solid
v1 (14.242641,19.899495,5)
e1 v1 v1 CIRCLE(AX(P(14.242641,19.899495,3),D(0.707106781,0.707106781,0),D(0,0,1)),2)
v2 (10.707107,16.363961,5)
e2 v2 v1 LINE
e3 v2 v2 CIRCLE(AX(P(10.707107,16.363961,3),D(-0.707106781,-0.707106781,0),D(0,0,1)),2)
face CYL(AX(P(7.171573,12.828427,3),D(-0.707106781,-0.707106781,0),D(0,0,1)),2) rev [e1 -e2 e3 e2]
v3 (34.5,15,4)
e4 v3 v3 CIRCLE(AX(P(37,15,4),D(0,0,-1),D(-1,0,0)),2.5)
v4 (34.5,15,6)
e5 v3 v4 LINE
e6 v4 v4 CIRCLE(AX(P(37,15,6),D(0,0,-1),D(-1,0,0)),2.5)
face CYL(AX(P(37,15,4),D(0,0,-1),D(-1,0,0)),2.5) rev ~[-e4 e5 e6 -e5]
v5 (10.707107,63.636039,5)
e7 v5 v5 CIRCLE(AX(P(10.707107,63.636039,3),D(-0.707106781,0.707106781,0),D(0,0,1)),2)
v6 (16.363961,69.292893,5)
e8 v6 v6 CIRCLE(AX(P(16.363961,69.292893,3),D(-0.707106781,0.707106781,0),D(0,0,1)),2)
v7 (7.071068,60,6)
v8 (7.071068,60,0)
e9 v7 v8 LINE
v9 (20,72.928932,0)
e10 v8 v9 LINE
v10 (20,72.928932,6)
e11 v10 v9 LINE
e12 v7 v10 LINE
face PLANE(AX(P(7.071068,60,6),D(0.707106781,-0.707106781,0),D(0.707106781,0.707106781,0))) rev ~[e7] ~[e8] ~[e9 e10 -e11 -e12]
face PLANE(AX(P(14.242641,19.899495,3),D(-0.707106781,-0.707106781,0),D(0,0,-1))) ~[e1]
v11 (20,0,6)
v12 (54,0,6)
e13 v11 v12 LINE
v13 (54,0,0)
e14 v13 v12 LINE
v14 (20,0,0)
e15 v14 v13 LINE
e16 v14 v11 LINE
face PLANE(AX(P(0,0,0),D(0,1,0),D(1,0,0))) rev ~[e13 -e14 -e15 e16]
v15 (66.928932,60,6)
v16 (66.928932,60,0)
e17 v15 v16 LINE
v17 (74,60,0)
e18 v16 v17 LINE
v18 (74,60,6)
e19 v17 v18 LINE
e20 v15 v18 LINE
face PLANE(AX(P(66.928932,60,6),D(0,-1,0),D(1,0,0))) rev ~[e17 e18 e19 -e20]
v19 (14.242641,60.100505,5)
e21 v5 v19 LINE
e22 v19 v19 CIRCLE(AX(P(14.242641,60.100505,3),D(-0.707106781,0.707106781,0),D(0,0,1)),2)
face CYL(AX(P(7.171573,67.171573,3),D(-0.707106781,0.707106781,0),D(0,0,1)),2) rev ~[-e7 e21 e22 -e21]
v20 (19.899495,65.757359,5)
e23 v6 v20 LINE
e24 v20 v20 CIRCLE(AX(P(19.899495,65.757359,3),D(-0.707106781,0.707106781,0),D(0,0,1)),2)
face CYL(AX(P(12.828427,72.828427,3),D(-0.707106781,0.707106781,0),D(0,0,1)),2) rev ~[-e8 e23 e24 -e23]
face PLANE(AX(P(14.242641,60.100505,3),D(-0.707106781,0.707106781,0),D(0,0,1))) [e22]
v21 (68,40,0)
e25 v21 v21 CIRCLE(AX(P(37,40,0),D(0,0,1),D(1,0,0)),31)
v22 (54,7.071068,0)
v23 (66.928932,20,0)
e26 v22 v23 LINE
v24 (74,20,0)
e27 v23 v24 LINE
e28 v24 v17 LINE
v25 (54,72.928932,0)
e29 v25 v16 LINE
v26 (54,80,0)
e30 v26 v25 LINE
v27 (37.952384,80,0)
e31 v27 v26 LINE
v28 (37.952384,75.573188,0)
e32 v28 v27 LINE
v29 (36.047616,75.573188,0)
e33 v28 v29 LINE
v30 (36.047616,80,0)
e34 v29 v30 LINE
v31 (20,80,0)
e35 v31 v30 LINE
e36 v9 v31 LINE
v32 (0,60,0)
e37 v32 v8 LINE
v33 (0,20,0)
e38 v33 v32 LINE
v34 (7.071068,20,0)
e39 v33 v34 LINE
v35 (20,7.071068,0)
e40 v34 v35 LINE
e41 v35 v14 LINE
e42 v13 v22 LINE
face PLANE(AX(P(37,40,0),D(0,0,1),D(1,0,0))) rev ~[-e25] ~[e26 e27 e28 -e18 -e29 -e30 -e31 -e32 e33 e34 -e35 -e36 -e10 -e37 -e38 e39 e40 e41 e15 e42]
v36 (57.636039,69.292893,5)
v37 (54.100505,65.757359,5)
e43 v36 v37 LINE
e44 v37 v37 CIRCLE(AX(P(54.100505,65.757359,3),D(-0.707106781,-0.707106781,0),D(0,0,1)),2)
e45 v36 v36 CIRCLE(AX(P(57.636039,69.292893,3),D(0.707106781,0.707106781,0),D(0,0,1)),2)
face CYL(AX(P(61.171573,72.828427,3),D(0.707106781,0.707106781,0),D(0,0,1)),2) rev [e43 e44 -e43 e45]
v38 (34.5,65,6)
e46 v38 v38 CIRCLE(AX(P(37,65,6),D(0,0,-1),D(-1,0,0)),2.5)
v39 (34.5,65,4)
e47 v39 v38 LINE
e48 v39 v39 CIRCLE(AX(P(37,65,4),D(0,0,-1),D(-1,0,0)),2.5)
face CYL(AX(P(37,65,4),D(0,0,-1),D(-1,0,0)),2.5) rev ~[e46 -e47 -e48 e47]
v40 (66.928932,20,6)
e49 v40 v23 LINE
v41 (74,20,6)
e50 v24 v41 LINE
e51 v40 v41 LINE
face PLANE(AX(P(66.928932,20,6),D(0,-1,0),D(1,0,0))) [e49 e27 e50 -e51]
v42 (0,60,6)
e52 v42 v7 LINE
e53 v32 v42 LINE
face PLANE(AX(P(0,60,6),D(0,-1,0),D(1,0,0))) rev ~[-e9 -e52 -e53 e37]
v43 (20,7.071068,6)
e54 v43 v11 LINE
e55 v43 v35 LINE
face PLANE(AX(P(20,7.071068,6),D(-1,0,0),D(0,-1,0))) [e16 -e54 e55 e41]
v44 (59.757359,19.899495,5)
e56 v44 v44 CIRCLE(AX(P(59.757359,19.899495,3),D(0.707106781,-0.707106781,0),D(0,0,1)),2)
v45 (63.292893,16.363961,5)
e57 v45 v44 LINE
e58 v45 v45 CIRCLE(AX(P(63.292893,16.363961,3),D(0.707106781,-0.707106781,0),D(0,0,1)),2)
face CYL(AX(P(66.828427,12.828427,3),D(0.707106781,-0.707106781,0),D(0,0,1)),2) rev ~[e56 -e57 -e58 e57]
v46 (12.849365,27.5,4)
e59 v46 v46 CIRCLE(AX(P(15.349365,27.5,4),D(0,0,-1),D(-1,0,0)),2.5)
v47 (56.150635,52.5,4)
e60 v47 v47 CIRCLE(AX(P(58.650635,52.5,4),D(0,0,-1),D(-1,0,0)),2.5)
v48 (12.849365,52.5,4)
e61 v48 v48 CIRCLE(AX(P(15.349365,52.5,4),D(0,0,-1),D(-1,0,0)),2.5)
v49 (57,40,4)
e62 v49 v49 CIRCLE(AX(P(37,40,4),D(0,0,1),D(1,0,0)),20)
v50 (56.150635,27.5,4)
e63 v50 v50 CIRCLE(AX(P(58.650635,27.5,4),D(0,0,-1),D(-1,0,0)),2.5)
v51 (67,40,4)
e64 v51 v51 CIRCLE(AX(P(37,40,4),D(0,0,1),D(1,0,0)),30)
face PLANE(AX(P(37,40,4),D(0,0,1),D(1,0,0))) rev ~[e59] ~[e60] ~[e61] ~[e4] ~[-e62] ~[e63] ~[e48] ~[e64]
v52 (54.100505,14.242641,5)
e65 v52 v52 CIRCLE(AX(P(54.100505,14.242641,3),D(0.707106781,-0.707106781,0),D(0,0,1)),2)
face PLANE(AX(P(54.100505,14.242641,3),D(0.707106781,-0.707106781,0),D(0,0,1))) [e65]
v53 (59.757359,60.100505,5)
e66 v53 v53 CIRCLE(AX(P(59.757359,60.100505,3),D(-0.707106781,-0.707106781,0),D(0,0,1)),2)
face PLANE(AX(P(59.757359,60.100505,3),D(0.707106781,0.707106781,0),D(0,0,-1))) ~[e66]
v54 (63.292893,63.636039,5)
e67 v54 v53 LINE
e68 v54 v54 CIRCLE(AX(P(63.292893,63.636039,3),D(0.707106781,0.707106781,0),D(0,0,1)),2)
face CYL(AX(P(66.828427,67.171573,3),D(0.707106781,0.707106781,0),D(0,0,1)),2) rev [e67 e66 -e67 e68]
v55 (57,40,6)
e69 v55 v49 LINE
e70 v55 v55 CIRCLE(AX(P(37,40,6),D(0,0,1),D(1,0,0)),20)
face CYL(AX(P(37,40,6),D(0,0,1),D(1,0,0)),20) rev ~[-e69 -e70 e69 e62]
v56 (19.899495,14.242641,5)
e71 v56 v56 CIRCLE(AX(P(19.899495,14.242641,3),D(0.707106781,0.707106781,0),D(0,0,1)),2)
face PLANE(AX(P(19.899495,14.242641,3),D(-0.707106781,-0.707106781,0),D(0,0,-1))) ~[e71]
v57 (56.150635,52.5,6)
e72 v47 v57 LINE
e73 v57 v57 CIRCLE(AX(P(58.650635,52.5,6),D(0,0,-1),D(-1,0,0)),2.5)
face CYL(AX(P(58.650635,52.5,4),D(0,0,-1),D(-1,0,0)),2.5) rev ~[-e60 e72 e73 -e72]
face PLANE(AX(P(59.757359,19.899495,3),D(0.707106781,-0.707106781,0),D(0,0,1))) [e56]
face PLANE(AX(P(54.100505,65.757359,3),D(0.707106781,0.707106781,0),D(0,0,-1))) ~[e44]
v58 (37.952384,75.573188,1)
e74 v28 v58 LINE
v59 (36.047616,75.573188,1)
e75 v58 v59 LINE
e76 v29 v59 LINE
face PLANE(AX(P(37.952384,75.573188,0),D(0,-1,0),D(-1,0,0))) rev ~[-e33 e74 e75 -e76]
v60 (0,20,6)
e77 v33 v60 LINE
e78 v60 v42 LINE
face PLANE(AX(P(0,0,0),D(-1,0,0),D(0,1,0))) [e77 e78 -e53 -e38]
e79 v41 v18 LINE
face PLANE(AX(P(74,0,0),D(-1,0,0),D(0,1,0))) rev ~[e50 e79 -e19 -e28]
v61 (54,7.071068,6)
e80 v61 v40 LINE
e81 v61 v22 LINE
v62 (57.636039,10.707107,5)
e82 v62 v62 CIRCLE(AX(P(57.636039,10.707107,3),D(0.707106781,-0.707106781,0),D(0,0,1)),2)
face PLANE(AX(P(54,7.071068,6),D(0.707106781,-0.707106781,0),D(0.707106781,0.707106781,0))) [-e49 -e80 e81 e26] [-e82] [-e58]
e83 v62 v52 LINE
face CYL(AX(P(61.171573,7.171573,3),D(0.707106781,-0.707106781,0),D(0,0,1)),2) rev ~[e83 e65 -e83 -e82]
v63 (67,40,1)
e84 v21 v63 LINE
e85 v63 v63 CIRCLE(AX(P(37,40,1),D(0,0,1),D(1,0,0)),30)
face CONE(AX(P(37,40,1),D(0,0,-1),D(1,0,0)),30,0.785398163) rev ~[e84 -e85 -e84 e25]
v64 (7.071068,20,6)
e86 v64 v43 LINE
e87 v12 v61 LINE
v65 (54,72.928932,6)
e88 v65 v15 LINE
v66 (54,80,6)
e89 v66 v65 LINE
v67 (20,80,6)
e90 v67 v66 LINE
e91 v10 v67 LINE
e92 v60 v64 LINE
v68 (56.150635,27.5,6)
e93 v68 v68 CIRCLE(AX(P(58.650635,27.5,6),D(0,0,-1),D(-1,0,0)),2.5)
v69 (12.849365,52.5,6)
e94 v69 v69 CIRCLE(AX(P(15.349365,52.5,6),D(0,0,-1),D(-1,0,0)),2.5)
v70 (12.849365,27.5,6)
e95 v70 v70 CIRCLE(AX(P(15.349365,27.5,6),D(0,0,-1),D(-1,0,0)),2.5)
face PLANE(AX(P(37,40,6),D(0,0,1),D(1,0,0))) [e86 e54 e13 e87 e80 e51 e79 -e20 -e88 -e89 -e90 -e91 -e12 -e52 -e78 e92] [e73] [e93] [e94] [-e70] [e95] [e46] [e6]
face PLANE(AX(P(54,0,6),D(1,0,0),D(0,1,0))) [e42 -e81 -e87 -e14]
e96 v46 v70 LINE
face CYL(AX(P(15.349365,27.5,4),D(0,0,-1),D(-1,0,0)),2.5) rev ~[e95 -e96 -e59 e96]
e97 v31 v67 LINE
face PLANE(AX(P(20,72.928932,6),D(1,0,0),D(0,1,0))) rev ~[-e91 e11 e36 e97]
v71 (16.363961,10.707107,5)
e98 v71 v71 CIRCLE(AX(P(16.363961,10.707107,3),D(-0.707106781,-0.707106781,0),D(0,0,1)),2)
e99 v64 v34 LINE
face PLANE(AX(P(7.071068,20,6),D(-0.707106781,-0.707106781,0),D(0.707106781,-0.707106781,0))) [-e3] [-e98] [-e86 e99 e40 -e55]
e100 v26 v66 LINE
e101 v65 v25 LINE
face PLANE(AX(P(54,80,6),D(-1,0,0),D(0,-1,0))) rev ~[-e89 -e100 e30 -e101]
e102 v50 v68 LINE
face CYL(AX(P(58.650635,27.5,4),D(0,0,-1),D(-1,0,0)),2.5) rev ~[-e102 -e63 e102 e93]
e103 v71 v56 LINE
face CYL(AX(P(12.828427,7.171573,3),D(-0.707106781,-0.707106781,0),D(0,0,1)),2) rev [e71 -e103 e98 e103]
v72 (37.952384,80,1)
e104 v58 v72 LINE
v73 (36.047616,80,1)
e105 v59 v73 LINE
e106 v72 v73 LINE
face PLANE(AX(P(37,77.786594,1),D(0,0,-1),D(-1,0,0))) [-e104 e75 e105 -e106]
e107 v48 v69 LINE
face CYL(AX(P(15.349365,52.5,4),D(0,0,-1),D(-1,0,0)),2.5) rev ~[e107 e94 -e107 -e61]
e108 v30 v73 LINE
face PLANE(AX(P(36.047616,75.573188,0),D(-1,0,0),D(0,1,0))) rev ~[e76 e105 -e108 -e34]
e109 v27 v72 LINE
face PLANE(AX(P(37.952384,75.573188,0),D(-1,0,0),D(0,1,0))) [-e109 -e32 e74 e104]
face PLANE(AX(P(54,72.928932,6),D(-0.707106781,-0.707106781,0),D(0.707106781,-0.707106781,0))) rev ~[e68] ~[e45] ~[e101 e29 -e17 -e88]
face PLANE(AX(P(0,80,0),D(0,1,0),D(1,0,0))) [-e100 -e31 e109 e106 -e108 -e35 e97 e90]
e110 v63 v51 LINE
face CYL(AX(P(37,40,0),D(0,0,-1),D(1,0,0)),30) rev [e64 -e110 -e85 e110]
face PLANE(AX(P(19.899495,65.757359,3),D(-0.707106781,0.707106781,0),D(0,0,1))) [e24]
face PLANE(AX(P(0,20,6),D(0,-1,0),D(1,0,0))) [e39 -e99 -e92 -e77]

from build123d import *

# Parameters (mm, degrees)
SKETCH1_W               = 74
SKETCH1_H               = 80
SKETCH1_R               = 30
BOSS_EXTRUDE1_DEPTH     = 6
SKETCH2_R               = 30
SKETCH2_R_2             = 20
BOSS_EXTRUDE2_DEPTH     = 2
SKETCH3_R               = 2.5
CUT_EXTRUDE1_DEPTH      = 2
CHAMFER1_SIZE           = 20
SKETCH4_R               = 2
CUT_EXTRUDE2_DEPTH      = 10
MIRROR2_COPY_1_SKETCH_R = 2
MIRROR2_COPY_1_DEPTH    = 10
CHAMFER2_SIZE           = 1
SKETCH7_W               = 1.90476799
SKETCH7_H               = 4.426812408
CUT_EXTRUDE3_DEPTH      = 1
CUT_EXTRUDE4_DEPTH      = 7


with BuildPart() as part:
    # Sketch1 → Boss-Extrude1 (new body)
    with BuildSketch(Plane.XY):
        with Locations((37, 40)):
            Rectangle(SKETCH1_W, SKETCH1_H)
        with Locations((37, 40)):
            Circle(SKETCH1_R, mode=Mode.SUBTRACT)
    extrude(amount=BOSS_EXTRUDE1_DEPTH)

    # Sketch2 → Boss-Extrude2 (add)
    with BuildSketch(Plane.XY.offset(6)):
        with Locations((37, 40)):
            Circle(SKETCH2_R)
        with Locations((37, 40)):
            Circle(SKETCH2_R_2, mode=Mode.SUBTRACT)
    extrude(amount=-BOSS_EXTRUDE2_DEPTH)

    # Sketch3 → Cut-Extrude1 (cut)
    with BuildSketch(Plane(origin=(0, 0, 4), x_dir=(-1, 0, 0), z_dir=(0, 0, -1))):
        with Locations((-37, 65)):
            Circle(SKETCH3_R)
        with Locations((-15.349364905, 52.5)):
            Circle(SKETCH3_R)
        with Locations((-15.349364905, 27.5)):
            Circle(SKETCH3_R)
        with Locations((-37, 15)):
            Circle(SKETCH3_R)
        with Locations((-58.650635095, 27.5)):
            Circle(SKETCH3_R)
        with Locations((-58.650635095, 52.5)):
            Circle(SKETCH3_R)
    extrude(amount=-CUT_EXTRUDE1_DEPTH, mode=Mode.SUBTRACT)

    # Chamfer1
    chamfer1_edges = [part.edges().sort_by_distance(p)[0] for p in [
        (0, 80, 3),
        (74, 80, 3),
        (74, 0, 3),
        (0, 0, 3),
    ]]
    chamfer(chamfer1_edges, length=CHAMFER1_SIZE)

    # Sketch4 → Cut-Extrude2 (cut)
    with BuildSketch(Plane(origin=(-30, 30, 0), x_dir=(0, 0, 1), z_dir=(-0.707106781, 0.707106781, 0))):
        with Locations((3, 60.568542495)):
            Circle(SKETCH4_R)
        with Locations((3, 52.568542495)):
            Circle(SKETCH4_R)
    cut_extrude2 = extrude(amount=-CUT_EXTRUDE2_DEPTH, mode=Mode.SUBTRACT)

    # Mirror1: Cut-Extrude2 across plane
    add(cut_extrude2.mirror(Plane.ZY.offset(-37)), mode=Mode.SUBTRACT)

    # Mirror2: Cut-Extrude2 across plane
    add(cut_extrude2.mirror(Plane(origin=(0, 40, 0), x_dir=(0, 0, 1), z_dir=(0, -1, 0))), mode=Mode.SUBTRACT)

    # Mirror2 copy 1 sketch → Mirror2 copy 1 (cut)
    with BuildSketch(Plane(origin=(104, 50, 0), x_dir=(0, 0, 1), z_dir=(0.707106781, -0.707106781, 0))):
        with Locations((3, 60.568542495)):
            Circle(MIRROR2_COPY_1_SKETCH_R)
        with Locations((3, 52.568542495)):
            Circle(MIRROR2_COPY_1_SKETCH_R)
    extrude(amount=-MIRROR2_COPY_1_DEPTH, mode=Mode.SUBTRACT)

    # Chamfer2
    chamfer2_edges = [part.edges().sort_by_distance(p)[0] for p in [
        (7, 40, 0),
    ]]
    chamfer(chamfer2_edges, length=CHAMFER2_SIZE)

    # Sketch7 → Cut-Extrude3 (cut)
    with BuildSketch(Plane(origin=(0, 0, 0), x_dir=(-1, 0, 0), z_dir=(0, 0, -1))):
        with Locations((-37, 77.786593796)):
            Rectangle(SKETCH7_W, SKETCH7_H)
    extrude(amount=-CUT_EXTRUDE3_DEPTH, mode=Mode.SUBTRACT)

    # Sketch8 → Cut-Extrude4 (cut, through all)
    with BuildSketch(Plane.XY.offset(6)):
        Polygon((0, 60), (7.071067812, 60), (20, 72.928932188), (20, 80), align=None)
        Polygon((54, 80), (54, 72.928932188), (66.928932188, 60), (74, 60), align=None)
        Polygon((66.928932188, 20), (74, 20), (54, 0), (54, 7.071067812), align=None)
        Polygon((0, 20), (7.071067812, 20), (20, 7.071067812), (20, 0), align=None)
    extrude(amount=-CUT_EXTRUDE4_DEPTH, mode=Mode.SUBTRACT)


solid = part.part
